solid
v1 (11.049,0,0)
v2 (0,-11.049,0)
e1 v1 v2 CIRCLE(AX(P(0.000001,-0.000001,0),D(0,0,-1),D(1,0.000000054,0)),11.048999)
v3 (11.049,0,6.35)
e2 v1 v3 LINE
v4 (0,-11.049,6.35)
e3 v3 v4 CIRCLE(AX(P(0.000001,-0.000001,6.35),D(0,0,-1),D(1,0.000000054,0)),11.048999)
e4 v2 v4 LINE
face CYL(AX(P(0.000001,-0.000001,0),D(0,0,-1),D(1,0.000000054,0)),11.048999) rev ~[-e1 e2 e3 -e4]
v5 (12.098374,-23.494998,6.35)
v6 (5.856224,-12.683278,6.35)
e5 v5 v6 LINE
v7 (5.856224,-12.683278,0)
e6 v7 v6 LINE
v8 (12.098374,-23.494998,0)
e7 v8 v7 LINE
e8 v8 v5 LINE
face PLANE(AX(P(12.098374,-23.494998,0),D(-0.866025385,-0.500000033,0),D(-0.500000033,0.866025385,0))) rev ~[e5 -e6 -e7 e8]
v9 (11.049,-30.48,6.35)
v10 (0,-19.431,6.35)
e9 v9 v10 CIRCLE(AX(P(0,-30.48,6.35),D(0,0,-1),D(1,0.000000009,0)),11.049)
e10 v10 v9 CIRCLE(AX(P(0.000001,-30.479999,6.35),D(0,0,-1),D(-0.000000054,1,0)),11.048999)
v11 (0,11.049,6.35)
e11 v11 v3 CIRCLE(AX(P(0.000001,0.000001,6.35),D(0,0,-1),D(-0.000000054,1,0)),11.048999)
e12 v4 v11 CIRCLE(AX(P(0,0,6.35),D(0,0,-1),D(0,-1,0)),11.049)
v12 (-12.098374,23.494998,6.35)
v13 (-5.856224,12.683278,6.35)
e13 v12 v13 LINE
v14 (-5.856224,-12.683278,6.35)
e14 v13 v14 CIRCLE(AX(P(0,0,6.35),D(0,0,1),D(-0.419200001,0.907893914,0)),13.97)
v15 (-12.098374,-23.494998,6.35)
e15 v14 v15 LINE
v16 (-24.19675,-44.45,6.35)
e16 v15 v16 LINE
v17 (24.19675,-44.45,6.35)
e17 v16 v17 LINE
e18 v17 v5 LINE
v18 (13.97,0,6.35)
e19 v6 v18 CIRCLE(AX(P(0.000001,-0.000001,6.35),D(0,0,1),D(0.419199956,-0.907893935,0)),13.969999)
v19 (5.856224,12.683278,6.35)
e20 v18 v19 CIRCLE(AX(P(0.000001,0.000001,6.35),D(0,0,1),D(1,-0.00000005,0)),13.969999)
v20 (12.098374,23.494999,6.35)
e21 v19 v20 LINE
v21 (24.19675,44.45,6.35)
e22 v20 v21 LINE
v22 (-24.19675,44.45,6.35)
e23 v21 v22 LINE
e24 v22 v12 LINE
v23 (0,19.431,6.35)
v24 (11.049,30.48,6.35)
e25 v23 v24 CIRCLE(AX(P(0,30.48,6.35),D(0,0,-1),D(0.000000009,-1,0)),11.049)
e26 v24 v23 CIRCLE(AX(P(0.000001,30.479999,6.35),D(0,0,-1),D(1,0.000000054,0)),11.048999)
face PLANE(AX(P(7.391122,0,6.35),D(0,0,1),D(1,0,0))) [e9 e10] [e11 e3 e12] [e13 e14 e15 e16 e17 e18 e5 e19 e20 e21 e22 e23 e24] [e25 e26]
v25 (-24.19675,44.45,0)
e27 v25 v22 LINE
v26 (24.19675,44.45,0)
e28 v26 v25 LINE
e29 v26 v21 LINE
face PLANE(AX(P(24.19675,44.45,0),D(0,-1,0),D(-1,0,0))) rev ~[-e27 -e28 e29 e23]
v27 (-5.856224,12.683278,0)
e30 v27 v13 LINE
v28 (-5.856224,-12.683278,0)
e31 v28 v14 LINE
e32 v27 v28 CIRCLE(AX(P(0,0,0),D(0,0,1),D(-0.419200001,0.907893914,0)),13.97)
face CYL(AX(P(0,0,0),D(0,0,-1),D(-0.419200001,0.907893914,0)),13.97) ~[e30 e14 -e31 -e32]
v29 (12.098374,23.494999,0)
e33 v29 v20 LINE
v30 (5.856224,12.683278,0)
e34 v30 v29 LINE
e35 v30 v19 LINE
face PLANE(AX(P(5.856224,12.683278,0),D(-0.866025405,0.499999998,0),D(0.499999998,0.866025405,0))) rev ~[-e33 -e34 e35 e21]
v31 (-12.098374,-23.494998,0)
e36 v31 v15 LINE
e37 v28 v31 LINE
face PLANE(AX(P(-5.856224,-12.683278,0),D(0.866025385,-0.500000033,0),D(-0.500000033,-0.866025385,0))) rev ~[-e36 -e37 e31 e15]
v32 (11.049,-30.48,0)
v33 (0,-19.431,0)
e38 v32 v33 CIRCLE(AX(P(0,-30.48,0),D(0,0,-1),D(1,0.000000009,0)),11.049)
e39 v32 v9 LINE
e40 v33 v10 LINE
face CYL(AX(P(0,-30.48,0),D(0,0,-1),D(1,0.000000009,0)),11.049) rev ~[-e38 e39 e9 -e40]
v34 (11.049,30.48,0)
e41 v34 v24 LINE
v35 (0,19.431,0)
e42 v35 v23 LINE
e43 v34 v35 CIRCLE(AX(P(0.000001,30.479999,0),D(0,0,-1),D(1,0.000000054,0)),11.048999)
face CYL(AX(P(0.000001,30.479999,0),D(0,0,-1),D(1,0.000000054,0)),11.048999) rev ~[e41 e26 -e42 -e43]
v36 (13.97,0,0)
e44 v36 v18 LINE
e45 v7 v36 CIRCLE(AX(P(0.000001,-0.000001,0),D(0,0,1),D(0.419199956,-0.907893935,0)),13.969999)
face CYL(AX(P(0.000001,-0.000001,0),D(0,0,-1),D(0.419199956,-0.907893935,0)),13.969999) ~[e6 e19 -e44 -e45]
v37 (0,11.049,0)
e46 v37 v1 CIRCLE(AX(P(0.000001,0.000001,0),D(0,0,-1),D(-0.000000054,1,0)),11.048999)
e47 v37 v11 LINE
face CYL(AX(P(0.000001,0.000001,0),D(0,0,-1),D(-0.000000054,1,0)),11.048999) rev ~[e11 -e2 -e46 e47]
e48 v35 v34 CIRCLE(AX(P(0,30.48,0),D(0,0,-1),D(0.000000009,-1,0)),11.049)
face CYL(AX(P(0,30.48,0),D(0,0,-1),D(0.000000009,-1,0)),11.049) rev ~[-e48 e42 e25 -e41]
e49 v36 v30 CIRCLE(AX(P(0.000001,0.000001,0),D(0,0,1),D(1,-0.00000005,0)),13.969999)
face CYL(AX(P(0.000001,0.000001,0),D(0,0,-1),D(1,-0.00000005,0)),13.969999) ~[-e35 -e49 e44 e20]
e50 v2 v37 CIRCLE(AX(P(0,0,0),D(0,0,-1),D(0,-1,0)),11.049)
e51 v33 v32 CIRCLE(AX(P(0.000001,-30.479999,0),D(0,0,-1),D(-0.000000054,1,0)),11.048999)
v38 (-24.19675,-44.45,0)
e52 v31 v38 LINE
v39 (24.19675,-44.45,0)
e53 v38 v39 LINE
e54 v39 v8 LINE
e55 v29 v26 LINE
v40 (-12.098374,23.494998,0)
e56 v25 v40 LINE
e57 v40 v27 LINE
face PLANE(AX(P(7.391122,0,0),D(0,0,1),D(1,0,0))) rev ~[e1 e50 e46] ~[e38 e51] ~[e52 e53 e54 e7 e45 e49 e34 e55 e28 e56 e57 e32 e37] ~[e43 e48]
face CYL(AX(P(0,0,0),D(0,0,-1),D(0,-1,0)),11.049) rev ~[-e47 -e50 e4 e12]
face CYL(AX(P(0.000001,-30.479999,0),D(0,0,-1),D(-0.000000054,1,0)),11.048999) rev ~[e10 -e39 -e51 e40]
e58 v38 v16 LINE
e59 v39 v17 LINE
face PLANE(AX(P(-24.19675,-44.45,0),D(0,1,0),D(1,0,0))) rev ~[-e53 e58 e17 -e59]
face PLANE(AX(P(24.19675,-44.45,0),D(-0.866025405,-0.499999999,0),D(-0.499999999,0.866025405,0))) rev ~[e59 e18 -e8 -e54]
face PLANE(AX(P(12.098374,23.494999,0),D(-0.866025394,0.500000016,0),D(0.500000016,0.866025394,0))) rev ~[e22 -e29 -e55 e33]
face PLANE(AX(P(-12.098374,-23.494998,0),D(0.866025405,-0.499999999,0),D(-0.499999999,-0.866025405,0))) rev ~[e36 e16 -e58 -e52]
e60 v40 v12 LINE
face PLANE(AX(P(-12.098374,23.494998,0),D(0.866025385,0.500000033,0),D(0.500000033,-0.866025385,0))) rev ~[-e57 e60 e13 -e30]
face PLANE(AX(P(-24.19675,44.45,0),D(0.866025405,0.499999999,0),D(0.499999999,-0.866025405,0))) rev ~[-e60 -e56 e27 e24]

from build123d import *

# Parameters (mm, degrees)
F1_DEPTH = 6.35


with BuildPart() as f1:
    # F0 (on Top) → F1 (new body)
    with BuildSketch(Plane.XY):
        with BuildLine():
            ThreePointArc((5.856224, -12.683278), (11.768015, -7.528262), (13.97, 0))
            ThreePointArc((13.97, 0), (11.768015, 7.528262), (5.856224, 12.683278))
            ThreePointArc((5.856224, 12.683278), (2.997958, 13.644528), (0, 13.97))
            Line((0, 13.97), (0, 11.049))
            ThreePointArc((0, 11.049), (7.812823, 7.812823), (11.049, 0))
            ThreePointArc((11.049, 0), (7.812823, -7.812823), (0, -11.049))
            Line((0, -11.049), (0, -13.97))
            ThreePointArc((0, -13.97), (2.997958, -13.644528), (5.856224, -12.683278))
        make_face()
        with BuildLine():
            ThreePointArc((0, 13.97), (2.997958, 13.644528), (5.856224, 12.683278))
            Line((5.856224, 12.683278), (12.098374, 23.494999))
            ThreePointArc((12.098374, 23.494999), (6.984999, 18.381625), (0, 16.51))
            Line((0, 16.51), (0, 13.97))
        make_face()
        with BuildLine():
            Line((12.098374, -23.494998), (5.856224, -12.683278))
            ThreePointArc((5.856224, -12.683278), (2.997958, -13.644528), (0, -13.97))
            Line((0, -13.97), (0, -16.51))
            ThreePointArc((0, -16.51), (6.984999, -18.381625), (12.098374, -23.494998))
        make_face()
        with BuildLine():
            Line((0, 11.049), (0, 13.97))
            ThreePointArc((0, 13.97), (-2.997958, 13.644528), (-5.856224, 12.683278))
            ThreePointArc((-5.856224, 12.683278), (-13.97, 0), (-5.856224, -12.683278))
            ThreePointArc((-5.856224, -12.683278), (-2.997958, -13.644528), (0, -13.97))
            Line((0, -13.97), (0, -11.049))
            ThreePointArc((0, -11.049), (-11.049, 0), (0, 11.049))
        make_face()
        with BuildLine():
            ThreePointArc((-5.856224, 12.683278), (-2.997958, 13.644528), (0, 13.97))
            Line((0, 13.97), (0, 16.51))
            ThreePointArc((0, 16.51), (-6.984999, 18.381625), (-12.098374, 23.494998))
            Line((-12.098374, 23.494998), (-5.856224, 12.683278))
        make_face()
        with BuildLine():
            ThreePointArc((11.049, 30.48), (-7.812823, 38.292823), (0, 19.431))
            ThreePointArc((0, 19.431), (7.812823, 22.667177), (11.049, 30.48))
        make_face()
        with BuildLine():
            ThreePointArc((0, 16.51), (6.984999, 18.381625), (12.098374, 23.494999))
            ThreePointArc((12.098374, 23.494999), (13.493984, 26.864297), (13.97, 30.48))
            ThreePointArc((13.97, 30.48), (9.878282, 40.358282), (0, 44.45))
            ThreePointArc((0, 44.45), (-12.098375, 37.464999), (-12.098374, 23.494998))
            ThreePointArc((-12.098374, 23.494998), (-6.984999, 18.381625), (0, 16.51))
        make_face()
        with BuildLine():
            ThreePointArc((11.049, 30.48), (7.812823, 22.667177), (0, 19.431))
            ThreePointArc((0, 19.431), (-7.812823, 38.292823), (11.049, 30.48))
        make_face(mode=Mode.SUBTRACT)
        with BuildLine():
            ThreePointArc((13.97, 30.48), (13.493984, 26.864297), (12.098374, 23.494999))
            Line((12.098374, 23.494999), (24.19675, 44.45))
            Line((24.19675, 44.45), (0, 44.45))
            ThreePointArc((0, 44.45), (9.878282, 40.358282), (13.97, 30.48))
        make_face()
        with BuildLine():
            Line((0, -16.51), (0, -13.97))
            ThreePointArc((0, -13.97), (-2.997958, -13.644528), (-5.856224, -12.683278))
            Line((-5.856224, -12.683278), (-12.098374, -23.494998))
            ThreePointArc((-12.098374, -23.494998), (-6.984999, -18.381625), (0, -16.51))
        make_face()
        with BuildLine():
            Line((24.19675, -44.45), (12.098374, -23.494998))
            ThreePointArc((12.098374, -23.494998), (13.493984, -26.864297), (13.97, -30.48))
            ThreePointArc((13.97, -30.48), (9.878282, -40.358282), (0, -44.45))
            Line((0, -44.45), (24.19675, -44.45))
        make_face()
        with BuildLine():
            ThreePointArc((11.049, -30.48), (7.812823, -22.667177), (0, -19.431))
            ThreePointArc((0, -19.431), (-7.812823, -38.292823), (11.049, -30.48))
        make_face()
        with BuildLine():
            ThreePointArc((13.97, -30.48), (13.493984, -26.864297), (12.098374, -23.494998))
            ThreePointArc((12.098374, -23.494998), (6.984999, -18.381625), (0, -16.51))
            ThreePointArc((0, -16.51), (-6.984999, -18.381625), (-12.098374, -23.494998))
            ThreePointArc((-12.098374, -23.494998), (-12.098375, -37.464999), (0, -44.45))
            ThreePointArc((0, -44.45), (9.878282, -40.358282), (13.97, -30.48))
        make_face()
        with BuildLine():
            ThreePointArc((11.049, -30.48), (-7.812823, -38.292823), (0, -19.431))
            ThreePointArc((0, -19.431), (7.812823, -22.667177), (11.049, -30.48))
        make_face(mode=Mode.SUBTRACT)
        with BuildLine():
            Line((-24.19675, 44.45), (-12.098374, 23.494998))
            ThreePointArc((-12.098374, 23.494998), (-12.098375, 37.464999), (0, 44.45))
            Line((0, 44.45), (-24.19675, 44.45))
        make_face()
        with BuildLine():
            ThreePointArc((0, -44.45), (-12.098375, -37.464999), (-12.098374, -23.494998))
            Line((-12.098374, -23.494998), (-24.19675, -44.45))
            Line((-24.19675, -44.45), (0, -44.45))
        make_face()
    extrude(amount=F1_DEPTH)


solid = f1.part
